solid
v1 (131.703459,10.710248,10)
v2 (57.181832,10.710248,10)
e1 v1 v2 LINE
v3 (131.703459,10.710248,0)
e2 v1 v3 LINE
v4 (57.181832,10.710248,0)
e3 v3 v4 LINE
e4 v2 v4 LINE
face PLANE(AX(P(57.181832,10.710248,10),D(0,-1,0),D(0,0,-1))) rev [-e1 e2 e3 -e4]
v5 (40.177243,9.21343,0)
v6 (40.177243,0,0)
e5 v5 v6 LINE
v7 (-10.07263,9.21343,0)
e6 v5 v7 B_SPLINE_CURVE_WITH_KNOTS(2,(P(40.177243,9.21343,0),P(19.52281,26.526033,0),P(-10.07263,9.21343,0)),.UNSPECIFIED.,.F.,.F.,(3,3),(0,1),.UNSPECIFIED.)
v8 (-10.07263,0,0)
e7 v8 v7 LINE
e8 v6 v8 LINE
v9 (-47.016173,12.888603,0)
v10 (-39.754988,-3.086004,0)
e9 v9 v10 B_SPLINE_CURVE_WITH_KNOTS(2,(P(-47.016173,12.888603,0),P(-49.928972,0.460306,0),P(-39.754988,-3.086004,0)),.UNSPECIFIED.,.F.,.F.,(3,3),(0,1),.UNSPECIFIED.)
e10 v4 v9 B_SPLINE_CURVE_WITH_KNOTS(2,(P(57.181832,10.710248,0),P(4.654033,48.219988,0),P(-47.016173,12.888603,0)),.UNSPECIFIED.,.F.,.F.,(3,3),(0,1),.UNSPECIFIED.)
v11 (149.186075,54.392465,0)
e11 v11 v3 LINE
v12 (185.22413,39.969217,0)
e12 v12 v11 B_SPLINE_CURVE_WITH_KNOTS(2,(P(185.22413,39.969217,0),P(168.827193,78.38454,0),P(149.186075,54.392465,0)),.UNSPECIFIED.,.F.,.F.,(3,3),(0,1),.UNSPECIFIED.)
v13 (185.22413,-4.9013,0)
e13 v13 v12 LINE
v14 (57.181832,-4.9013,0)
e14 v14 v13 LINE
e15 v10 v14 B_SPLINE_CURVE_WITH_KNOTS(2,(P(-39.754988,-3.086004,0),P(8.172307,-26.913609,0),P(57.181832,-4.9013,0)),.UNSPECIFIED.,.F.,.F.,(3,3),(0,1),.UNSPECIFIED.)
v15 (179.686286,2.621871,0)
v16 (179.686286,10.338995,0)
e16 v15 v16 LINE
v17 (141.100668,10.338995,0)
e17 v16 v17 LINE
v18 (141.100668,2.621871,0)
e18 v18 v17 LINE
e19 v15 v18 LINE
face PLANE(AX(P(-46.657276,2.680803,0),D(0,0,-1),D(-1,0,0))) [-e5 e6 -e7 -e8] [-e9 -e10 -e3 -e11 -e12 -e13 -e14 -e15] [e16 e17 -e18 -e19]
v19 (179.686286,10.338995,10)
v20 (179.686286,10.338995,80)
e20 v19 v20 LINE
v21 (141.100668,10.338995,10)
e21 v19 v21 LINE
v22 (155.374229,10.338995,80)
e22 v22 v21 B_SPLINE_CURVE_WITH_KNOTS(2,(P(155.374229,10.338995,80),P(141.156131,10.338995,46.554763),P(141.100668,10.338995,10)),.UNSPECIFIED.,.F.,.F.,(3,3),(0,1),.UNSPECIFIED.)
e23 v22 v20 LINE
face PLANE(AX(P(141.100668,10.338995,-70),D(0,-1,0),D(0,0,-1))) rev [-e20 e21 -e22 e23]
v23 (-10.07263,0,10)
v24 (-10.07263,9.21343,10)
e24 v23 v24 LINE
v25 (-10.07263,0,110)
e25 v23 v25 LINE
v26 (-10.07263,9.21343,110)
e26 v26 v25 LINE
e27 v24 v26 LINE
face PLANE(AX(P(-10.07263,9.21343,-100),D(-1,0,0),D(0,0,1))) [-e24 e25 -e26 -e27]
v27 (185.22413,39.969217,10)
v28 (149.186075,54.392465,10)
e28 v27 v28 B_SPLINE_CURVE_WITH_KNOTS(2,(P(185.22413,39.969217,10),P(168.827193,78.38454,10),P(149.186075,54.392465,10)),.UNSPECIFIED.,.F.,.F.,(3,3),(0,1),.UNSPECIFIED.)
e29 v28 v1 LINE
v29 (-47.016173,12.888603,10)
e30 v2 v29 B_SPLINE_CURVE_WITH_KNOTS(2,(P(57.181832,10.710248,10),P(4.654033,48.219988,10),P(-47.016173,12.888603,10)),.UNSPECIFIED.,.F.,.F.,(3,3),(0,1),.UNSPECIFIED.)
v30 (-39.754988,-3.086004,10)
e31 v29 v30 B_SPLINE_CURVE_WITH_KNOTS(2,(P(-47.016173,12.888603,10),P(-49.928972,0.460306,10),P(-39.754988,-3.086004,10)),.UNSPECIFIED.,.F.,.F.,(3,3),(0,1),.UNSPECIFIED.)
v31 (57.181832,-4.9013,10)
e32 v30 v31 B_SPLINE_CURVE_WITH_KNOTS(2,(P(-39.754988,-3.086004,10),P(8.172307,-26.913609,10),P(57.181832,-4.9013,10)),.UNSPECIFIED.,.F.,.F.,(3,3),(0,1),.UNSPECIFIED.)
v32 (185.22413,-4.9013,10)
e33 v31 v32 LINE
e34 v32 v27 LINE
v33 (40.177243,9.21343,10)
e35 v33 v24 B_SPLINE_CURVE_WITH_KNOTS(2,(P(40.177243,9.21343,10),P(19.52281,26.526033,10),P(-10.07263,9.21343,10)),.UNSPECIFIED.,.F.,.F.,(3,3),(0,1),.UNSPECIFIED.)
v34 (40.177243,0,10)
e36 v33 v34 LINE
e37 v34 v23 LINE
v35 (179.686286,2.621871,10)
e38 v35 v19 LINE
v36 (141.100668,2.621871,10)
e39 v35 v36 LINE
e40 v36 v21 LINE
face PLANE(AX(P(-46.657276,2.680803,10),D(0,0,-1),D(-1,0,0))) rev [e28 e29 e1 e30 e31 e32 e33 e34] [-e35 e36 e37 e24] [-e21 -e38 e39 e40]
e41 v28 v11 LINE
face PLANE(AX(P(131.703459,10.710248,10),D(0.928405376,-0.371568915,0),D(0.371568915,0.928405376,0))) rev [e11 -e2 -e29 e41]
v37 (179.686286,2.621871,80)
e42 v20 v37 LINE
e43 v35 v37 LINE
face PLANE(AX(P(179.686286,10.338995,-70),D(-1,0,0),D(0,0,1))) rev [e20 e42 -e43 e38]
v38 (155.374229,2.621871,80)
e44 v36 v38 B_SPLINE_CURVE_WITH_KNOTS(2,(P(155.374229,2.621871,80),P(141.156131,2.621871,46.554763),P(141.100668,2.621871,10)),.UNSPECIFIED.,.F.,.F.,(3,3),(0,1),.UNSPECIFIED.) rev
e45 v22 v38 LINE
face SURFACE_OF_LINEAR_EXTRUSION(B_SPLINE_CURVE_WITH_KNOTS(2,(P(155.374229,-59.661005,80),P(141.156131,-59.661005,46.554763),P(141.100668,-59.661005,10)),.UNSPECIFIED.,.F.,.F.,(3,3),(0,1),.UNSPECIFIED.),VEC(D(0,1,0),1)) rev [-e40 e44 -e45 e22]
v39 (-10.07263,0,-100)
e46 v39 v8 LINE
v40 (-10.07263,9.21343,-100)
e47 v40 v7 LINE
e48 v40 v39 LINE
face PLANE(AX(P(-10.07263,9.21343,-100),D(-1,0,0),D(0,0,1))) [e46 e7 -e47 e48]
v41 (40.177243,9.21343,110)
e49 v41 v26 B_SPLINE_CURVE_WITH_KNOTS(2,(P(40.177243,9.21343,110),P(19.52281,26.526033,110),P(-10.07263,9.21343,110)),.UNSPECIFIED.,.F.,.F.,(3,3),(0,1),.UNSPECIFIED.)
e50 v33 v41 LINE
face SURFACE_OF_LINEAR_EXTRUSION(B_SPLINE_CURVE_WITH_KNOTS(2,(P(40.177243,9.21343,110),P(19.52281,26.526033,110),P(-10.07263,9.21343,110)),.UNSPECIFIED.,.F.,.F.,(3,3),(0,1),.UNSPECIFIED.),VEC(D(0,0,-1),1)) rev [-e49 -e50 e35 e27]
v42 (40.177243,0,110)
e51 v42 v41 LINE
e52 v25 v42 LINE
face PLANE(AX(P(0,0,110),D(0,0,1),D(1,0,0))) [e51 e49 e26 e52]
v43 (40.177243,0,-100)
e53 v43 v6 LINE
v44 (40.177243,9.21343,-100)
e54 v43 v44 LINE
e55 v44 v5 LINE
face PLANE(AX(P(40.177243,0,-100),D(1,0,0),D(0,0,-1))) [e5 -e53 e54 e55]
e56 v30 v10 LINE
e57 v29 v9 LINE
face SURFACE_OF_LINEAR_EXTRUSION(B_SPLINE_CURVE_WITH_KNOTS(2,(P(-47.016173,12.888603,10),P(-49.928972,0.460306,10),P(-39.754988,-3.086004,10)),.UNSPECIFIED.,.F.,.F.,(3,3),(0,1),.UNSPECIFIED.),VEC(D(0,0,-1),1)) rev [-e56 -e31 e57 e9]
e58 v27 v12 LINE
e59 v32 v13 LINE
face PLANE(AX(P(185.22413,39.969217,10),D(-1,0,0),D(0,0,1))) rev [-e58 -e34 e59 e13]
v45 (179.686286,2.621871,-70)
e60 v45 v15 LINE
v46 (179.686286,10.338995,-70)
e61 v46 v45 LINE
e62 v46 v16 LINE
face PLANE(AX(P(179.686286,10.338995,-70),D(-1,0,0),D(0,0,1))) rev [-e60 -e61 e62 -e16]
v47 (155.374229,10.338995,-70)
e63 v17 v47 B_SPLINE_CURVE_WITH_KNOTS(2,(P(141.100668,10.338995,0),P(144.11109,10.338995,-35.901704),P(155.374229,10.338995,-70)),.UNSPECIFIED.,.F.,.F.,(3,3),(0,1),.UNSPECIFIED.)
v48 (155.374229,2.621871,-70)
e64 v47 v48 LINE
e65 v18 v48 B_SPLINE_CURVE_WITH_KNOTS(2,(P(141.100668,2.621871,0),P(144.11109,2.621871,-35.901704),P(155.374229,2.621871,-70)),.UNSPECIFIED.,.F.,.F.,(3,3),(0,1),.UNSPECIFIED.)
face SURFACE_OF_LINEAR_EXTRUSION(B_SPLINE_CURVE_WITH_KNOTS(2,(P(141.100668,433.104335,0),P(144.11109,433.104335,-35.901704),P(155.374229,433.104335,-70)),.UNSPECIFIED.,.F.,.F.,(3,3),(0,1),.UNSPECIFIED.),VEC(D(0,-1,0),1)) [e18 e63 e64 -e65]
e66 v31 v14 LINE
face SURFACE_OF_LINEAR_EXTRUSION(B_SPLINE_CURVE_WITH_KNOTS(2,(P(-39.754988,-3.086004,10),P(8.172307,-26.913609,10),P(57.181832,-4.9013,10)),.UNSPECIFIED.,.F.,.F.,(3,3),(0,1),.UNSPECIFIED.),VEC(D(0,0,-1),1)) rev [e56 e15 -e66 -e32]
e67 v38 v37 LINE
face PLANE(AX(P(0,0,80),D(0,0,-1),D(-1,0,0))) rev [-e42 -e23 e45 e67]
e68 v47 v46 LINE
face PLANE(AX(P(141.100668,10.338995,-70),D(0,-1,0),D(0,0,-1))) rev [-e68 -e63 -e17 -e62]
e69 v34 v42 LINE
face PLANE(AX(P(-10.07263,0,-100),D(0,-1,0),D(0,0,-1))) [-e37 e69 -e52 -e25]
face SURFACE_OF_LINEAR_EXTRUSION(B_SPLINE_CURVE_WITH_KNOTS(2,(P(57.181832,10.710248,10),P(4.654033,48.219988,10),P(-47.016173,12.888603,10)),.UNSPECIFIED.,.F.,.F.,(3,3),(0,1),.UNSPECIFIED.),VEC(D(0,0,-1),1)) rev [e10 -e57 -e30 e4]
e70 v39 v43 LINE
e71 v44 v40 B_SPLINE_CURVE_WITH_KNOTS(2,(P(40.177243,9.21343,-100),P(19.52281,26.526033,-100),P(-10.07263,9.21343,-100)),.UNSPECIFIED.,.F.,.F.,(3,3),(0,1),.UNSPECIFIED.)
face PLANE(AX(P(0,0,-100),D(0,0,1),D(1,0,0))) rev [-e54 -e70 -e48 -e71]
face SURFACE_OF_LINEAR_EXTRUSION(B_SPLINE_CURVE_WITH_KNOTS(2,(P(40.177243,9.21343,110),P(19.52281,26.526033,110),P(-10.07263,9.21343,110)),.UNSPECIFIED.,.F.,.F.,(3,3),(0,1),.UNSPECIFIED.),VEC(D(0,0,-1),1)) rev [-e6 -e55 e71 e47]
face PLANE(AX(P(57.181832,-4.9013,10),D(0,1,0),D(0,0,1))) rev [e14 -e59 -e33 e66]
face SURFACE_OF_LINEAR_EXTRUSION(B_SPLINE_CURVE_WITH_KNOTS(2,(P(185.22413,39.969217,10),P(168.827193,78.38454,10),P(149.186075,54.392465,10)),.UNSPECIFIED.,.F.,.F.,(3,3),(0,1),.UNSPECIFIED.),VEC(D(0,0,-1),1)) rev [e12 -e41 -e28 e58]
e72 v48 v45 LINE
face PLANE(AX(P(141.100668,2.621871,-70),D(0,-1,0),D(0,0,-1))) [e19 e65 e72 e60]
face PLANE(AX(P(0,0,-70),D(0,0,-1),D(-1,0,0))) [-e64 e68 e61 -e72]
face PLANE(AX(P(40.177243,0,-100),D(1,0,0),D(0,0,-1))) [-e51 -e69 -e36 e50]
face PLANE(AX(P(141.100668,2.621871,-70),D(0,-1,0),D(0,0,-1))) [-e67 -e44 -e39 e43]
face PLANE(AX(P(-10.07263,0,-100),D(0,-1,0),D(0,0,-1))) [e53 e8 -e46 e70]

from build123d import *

# Parameters (mm, degrees)
BOSS_EXTRUDE1_DEPTH      = 10
BOSS_EXTRUDE4_DEPTH      = 110
BOSS_EXTRUDE4_DEPTH_BACK = 100
SKETCH2_W                = 50.249872444
SKETCH2_H                = 9.213429789
BOSS_EXTRUDE6_DEPTH      = 210
BOSS_EXTRUDE9_DEPTH      = 70
BOSS_EXTRUDE9_DEPTH_BACK = 80
SKETCH6_W                = 38.58561731
SKETCH6_H                = 7.717123462
CUT_EXTRUDE1_DEPTH       = 70
CUT_EXTRUDE2_DEPTH       = 222.915349689
CUT_EXTRUDE2_DEPTH_BACK  = 222.915349689


with BuildPart() as part:
    # Sketch1 → Boss-Extrude1 (new body)
    with BuildSketch(Plane.XY):
        with BuildLine():
            Line((57.181832049, 10.710247908), (131.703459222, 10.710247908))
            Line((131.703459222, 10.710247908), (149.186074684, 54.392465481))
            add(Edge.make_bspline(
                [(149.186074684, 54.392465481), (168.827192519, 78.384539795), (185.224129689, 39.969217472)],
                knots=[0, 0, 0, 1, 1, 1], degree=2))
            Line((185.224129689, 39.969217472), (185.224129689, -4.90129989))
            Line((185.224129689, -4.90129989), (57.181832049, -4.90129989))
            add(Edge.make_bspline(
                [(-39.754987996, -3.086003634), (8.172307478, -26.913609431), (57.181832049, -4.90129989)],
                knots=[0, 0, 0, 1, 1, 1], degree=2))
            add(Edge.make_bspline(
                [(-47.016173018, 12.888603414), (-49.928971692, 0.460306463), (-39.754987996, -3.086003634)],
                knots=[0, 0, 0, 1, 1, 1], degree=2))
            add(Edge.make_bspline(
                [(-47.016173018, 12.888603414), (4.654032658, 48.21998755), (57.181832049, 10.710247908)],
                knots=[0, 0, 0, 1, 1, 1], degree=2))
        make_face()
    extrude(amount=BOSS_EXTRUDE1_DEPTH)

    # Sketch2 → Boss-Extrude4 (add, two sides: drawn at the far end of the back side and taken through both)
    with BuildSketch(Plane.XY.offset(-BOSS_EXTRUDE4_DEPTH_BACK)):
        with Locations((15.052306438, 4.606714895)):
            Rectangle(SKETCH2_W, SKETCH2_H)
    extrude(amount=BOSS_EXTRUDE4_DEPTH + BOSS_EXTRUDE4_DEPTH_BACK)

    # Sketch3 → Boss-Extrude6 (add)
    with BuildSketch(Plane(origin=(0, 0, -100), x_dir=(-1, 0, 0), z_dir=(0, 0, -1))):
        with BuildLine():
            Line((-40.17724266, 9.213429789), (-40.17724266, 0))
            Line((-40.17724266, 0), (10.072629784, 0))
            Line((10.072629784, 0), (10.072629784, 9.213429789))
            add(Edge.make_bspline(
                [(-40.17724266, 9.213429789), (-19.522810461, 26.526032518), (10.072629784, 9.213429789)],
                knots=[0, 0, 0, 1, 1, 1], degree=2))
        make_face()
    extrude(amount=-BOSS_EXTRUDE6_DEPTH)

    # Sketch6 → Boss-Extrude9 (add, two sides: drawn at the far end of the back side and taken through both)
    with BuildSketch(Plane.XY.offset(10).offset(-BOSS_EXTRUDE9_DEPTH_BACK)):
        with Locations((160.393476949, 6.480433212)):
            Rectangle(SKETCH6_W, SKETCH6_H)
    extrude(amount=BOSS_EXTRUDE9_DEPTH + BOSS_EXTRUDE9_DEPTH_BACK)

    # Sketch7 → Cut-Extrude1 (cut)
    with BuildSketch(Plane(origin=(0, 10.338994943, 0), x_dir=(1, 0, 0), z_dir=(0, 1, 0))):
        with BuildLine():
            Line((141.100668294, -10), (141.100668294, -80))
            Line((141.100668294, -80), (155.374228958, -80))
            add(Edge.make_bspline(
                [(141.100668294, -10), (141.156131379, -46.554762938), (155.374228958, -80)],
                knots=[0, 0, 0, 1, 1, 1], degree=2))
        make_face()
    extrude(amount=-CUT_EXTRUDE1_DEPTH, mode=Mode.SUBTRACT)

    # Sketch10 → Cut-Extrude2 (cut, two sides: drawn at the far end of the back side and taken through both)
    with BuildSketch(Plane(origin=(0, 10.338994943, 0), x_dir=(1, 0, 0), z_dir=(0, 1, 0)).offset(-CUT_EXTRUDE2_DEPTH_BACK)):
        with BuildLine():
            Line((141.100668294, 70), (141.100668294, 0))
            add(Edge.make_bspline(
                [(141.100668294, 0), (144.11108971, 35.90170366), (155.374228958, 70)],
                knots=[0, 0, 0, 1, 1, 1], degree=2))
            Line((155.374228958, 70), (141.100668294, 70))
        make_face()
    extrude(amount=CUT_EXTRUDE2_DEPTH + CUT_EXTRUDE2_DEPTH_BACK, mode=Mode.SUBTRACT)


solid = part.part
